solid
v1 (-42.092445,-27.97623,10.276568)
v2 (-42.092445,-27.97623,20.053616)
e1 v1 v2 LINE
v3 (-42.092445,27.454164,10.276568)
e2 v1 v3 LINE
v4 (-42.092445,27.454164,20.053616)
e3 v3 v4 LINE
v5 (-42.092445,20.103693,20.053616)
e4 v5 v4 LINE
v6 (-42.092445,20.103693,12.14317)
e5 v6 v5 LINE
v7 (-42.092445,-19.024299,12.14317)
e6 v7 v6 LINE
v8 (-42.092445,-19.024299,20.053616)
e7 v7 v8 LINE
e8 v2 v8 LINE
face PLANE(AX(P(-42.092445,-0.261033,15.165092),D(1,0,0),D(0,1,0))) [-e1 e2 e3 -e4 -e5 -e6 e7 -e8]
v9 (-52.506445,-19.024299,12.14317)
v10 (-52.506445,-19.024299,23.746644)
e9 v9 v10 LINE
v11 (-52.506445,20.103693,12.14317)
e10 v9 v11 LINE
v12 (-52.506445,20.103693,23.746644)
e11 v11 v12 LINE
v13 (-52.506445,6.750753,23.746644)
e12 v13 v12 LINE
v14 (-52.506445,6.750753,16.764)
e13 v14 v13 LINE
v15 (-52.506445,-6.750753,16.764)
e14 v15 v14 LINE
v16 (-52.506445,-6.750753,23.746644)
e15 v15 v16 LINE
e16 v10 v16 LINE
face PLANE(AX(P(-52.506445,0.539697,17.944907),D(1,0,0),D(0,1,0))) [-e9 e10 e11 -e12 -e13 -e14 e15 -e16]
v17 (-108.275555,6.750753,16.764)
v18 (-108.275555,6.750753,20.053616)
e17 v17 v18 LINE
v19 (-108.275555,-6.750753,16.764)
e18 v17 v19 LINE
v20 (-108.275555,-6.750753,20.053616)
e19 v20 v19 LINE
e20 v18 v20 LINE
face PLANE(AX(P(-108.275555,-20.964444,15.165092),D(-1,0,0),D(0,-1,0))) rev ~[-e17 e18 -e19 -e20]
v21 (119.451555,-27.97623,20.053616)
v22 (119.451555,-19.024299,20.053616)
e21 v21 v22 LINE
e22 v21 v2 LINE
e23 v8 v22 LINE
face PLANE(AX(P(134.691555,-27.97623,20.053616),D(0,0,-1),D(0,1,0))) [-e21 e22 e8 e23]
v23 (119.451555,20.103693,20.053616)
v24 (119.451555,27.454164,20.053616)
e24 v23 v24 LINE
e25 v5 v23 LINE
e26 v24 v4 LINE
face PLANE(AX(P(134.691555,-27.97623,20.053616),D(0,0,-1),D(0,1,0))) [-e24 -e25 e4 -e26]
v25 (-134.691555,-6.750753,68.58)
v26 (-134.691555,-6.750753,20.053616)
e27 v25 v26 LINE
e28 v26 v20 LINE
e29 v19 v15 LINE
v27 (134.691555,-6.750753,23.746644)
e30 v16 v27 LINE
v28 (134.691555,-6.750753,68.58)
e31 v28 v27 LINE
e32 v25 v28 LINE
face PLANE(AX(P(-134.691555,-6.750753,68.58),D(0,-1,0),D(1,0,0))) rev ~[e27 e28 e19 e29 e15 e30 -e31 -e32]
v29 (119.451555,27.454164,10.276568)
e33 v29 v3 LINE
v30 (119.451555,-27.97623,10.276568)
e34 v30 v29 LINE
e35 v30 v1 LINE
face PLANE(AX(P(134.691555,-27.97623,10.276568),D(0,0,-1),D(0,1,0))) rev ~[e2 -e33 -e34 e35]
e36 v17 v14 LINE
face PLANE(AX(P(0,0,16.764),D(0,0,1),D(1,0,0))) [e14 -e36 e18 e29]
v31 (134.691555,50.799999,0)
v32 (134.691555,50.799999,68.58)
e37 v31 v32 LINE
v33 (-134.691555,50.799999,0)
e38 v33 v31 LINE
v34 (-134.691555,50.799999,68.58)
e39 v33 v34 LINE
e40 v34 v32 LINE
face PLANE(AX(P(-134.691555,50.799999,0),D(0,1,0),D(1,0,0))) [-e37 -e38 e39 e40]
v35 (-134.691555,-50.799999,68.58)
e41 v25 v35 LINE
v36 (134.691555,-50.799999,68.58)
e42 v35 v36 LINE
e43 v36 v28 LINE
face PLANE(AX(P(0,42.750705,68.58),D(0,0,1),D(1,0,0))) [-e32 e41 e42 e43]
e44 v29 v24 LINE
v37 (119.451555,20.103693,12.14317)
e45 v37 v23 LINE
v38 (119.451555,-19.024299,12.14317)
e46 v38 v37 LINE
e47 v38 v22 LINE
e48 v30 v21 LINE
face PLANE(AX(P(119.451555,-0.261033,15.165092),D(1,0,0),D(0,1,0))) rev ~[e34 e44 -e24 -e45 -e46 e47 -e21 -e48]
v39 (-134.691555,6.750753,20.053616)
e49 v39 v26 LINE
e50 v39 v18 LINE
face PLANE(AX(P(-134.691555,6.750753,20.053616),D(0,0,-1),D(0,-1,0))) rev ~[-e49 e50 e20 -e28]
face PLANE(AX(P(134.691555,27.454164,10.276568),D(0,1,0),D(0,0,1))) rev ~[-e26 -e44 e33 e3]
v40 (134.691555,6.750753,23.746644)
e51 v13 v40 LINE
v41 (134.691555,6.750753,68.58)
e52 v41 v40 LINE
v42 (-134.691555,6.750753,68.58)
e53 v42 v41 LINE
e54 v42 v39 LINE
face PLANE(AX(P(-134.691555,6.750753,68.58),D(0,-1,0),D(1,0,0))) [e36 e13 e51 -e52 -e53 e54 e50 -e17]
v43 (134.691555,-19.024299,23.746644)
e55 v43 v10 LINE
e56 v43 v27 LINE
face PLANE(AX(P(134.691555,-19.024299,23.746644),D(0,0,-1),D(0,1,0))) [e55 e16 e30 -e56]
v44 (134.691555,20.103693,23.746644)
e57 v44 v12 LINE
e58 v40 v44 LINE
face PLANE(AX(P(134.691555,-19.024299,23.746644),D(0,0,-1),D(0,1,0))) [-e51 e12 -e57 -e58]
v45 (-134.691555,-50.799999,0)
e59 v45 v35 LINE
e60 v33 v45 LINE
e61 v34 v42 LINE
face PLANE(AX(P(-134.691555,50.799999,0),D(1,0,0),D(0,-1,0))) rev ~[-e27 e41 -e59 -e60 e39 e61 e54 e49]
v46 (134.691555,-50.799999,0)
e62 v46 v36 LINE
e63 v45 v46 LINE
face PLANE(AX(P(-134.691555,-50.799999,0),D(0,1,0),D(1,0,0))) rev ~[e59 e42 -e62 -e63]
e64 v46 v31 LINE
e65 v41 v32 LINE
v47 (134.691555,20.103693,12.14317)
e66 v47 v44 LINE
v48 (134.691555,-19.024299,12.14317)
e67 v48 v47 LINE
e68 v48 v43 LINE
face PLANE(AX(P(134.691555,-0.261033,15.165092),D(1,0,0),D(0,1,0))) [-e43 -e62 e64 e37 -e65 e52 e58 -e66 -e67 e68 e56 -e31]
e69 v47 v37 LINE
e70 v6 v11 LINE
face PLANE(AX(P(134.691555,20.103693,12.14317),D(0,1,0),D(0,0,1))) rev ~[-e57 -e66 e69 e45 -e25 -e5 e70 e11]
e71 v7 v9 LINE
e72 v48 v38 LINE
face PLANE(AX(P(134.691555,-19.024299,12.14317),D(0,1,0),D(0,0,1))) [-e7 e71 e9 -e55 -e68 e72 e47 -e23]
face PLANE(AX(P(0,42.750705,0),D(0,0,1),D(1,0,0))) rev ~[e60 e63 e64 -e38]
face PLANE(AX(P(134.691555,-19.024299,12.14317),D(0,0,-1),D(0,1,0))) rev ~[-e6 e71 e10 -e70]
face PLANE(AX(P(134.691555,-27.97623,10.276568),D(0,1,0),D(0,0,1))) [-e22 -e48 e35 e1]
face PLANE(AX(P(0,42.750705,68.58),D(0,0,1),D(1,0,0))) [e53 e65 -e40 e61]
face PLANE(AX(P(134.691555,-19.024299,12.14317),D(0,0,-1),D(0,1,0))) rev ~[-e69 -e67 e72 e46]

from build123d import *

# Parameters (mm, degrees)
F0_W      = 269.38311
F0_H      = 16.098589
F0_H_2    = 69.402822
F1_DEPTH  = 68.58
F2_W      = 269.38311
F2_H      = 13.501506
F3_DEPTH  = 51.816
F4_W      = 55.430394
F4_H      = 9.777048
F5_DEPTH  = 176.784
F6_DEPTH  = 15.24
F7_W      = 55.430394
F7_H      = 9.777048
F8_DEPTH  = 26.416
F9_W      = 39.127992
F9_H      = 11.603475
F10_DEPTH = 187.198


with BuildPart() as f1:
    # F0 (on Top) → F1 (new body)
    with BuildSketch(Plane.XY):
        with Locations((0, 42.750705)):
            Rectangle(F0_W, F0_H)
        Rectangle(F0_W, F0_H_2)
        with Locations((0, -42.750705)):
            Rectangle(F0_W, F0_H)
    extrude(amount=F1_DEPTH)

    # F2 (on face) → F3 (cut)
    with BuildSketch(Plane.XY.offset(68.58)):
        Rectangle(F2_W, F2_H)
    extrude(amount=-F3_DEPTH, mode=Mode.SUBTRACT)

    # F4 (on face) → F5 (cut)
    with BuildSketch(Plane.YZ.offset(134.691555)):
        with Locations((-0.261033, 15.165092)):
            Rectangle(F4_W, F4_H)
    extrude(amount=-F5_DEPTH, mode=Mode.SUBTRACT)

    # F4 (on face) → F6 (join)
    with BuildSketch(Plane.YZ.offset(134.691555)):
        with Locations((-0.261033, 15.165092)):
            Rectangle(F4_W, F4_H)
    extrude(amount=-F6_DEPTH)

    # F7 (on face) → F8 (join)
    with BuildSketch(Plane(origin=(-134.691555, 0, 0), x_dir=(0, -1, 0), z_dir=(-1, 0, 0))):
        with Locations((20.964444, 15.165092)):
            Rectangle(F7_W, F7_H)
    extrude(amount=-F8_DEPTH)

    # F9 (on face) → F10 (cut)
    with BuildSketch(Plane.YZ.offset(134.691555)):
        with Locations((0.539697, 17.944907)):
            Rectangle(F9_W, F9_H)
    extrude(amount=-F10_DEPTH, mode=Mode.SUBTRACT)


solid = f1.part
